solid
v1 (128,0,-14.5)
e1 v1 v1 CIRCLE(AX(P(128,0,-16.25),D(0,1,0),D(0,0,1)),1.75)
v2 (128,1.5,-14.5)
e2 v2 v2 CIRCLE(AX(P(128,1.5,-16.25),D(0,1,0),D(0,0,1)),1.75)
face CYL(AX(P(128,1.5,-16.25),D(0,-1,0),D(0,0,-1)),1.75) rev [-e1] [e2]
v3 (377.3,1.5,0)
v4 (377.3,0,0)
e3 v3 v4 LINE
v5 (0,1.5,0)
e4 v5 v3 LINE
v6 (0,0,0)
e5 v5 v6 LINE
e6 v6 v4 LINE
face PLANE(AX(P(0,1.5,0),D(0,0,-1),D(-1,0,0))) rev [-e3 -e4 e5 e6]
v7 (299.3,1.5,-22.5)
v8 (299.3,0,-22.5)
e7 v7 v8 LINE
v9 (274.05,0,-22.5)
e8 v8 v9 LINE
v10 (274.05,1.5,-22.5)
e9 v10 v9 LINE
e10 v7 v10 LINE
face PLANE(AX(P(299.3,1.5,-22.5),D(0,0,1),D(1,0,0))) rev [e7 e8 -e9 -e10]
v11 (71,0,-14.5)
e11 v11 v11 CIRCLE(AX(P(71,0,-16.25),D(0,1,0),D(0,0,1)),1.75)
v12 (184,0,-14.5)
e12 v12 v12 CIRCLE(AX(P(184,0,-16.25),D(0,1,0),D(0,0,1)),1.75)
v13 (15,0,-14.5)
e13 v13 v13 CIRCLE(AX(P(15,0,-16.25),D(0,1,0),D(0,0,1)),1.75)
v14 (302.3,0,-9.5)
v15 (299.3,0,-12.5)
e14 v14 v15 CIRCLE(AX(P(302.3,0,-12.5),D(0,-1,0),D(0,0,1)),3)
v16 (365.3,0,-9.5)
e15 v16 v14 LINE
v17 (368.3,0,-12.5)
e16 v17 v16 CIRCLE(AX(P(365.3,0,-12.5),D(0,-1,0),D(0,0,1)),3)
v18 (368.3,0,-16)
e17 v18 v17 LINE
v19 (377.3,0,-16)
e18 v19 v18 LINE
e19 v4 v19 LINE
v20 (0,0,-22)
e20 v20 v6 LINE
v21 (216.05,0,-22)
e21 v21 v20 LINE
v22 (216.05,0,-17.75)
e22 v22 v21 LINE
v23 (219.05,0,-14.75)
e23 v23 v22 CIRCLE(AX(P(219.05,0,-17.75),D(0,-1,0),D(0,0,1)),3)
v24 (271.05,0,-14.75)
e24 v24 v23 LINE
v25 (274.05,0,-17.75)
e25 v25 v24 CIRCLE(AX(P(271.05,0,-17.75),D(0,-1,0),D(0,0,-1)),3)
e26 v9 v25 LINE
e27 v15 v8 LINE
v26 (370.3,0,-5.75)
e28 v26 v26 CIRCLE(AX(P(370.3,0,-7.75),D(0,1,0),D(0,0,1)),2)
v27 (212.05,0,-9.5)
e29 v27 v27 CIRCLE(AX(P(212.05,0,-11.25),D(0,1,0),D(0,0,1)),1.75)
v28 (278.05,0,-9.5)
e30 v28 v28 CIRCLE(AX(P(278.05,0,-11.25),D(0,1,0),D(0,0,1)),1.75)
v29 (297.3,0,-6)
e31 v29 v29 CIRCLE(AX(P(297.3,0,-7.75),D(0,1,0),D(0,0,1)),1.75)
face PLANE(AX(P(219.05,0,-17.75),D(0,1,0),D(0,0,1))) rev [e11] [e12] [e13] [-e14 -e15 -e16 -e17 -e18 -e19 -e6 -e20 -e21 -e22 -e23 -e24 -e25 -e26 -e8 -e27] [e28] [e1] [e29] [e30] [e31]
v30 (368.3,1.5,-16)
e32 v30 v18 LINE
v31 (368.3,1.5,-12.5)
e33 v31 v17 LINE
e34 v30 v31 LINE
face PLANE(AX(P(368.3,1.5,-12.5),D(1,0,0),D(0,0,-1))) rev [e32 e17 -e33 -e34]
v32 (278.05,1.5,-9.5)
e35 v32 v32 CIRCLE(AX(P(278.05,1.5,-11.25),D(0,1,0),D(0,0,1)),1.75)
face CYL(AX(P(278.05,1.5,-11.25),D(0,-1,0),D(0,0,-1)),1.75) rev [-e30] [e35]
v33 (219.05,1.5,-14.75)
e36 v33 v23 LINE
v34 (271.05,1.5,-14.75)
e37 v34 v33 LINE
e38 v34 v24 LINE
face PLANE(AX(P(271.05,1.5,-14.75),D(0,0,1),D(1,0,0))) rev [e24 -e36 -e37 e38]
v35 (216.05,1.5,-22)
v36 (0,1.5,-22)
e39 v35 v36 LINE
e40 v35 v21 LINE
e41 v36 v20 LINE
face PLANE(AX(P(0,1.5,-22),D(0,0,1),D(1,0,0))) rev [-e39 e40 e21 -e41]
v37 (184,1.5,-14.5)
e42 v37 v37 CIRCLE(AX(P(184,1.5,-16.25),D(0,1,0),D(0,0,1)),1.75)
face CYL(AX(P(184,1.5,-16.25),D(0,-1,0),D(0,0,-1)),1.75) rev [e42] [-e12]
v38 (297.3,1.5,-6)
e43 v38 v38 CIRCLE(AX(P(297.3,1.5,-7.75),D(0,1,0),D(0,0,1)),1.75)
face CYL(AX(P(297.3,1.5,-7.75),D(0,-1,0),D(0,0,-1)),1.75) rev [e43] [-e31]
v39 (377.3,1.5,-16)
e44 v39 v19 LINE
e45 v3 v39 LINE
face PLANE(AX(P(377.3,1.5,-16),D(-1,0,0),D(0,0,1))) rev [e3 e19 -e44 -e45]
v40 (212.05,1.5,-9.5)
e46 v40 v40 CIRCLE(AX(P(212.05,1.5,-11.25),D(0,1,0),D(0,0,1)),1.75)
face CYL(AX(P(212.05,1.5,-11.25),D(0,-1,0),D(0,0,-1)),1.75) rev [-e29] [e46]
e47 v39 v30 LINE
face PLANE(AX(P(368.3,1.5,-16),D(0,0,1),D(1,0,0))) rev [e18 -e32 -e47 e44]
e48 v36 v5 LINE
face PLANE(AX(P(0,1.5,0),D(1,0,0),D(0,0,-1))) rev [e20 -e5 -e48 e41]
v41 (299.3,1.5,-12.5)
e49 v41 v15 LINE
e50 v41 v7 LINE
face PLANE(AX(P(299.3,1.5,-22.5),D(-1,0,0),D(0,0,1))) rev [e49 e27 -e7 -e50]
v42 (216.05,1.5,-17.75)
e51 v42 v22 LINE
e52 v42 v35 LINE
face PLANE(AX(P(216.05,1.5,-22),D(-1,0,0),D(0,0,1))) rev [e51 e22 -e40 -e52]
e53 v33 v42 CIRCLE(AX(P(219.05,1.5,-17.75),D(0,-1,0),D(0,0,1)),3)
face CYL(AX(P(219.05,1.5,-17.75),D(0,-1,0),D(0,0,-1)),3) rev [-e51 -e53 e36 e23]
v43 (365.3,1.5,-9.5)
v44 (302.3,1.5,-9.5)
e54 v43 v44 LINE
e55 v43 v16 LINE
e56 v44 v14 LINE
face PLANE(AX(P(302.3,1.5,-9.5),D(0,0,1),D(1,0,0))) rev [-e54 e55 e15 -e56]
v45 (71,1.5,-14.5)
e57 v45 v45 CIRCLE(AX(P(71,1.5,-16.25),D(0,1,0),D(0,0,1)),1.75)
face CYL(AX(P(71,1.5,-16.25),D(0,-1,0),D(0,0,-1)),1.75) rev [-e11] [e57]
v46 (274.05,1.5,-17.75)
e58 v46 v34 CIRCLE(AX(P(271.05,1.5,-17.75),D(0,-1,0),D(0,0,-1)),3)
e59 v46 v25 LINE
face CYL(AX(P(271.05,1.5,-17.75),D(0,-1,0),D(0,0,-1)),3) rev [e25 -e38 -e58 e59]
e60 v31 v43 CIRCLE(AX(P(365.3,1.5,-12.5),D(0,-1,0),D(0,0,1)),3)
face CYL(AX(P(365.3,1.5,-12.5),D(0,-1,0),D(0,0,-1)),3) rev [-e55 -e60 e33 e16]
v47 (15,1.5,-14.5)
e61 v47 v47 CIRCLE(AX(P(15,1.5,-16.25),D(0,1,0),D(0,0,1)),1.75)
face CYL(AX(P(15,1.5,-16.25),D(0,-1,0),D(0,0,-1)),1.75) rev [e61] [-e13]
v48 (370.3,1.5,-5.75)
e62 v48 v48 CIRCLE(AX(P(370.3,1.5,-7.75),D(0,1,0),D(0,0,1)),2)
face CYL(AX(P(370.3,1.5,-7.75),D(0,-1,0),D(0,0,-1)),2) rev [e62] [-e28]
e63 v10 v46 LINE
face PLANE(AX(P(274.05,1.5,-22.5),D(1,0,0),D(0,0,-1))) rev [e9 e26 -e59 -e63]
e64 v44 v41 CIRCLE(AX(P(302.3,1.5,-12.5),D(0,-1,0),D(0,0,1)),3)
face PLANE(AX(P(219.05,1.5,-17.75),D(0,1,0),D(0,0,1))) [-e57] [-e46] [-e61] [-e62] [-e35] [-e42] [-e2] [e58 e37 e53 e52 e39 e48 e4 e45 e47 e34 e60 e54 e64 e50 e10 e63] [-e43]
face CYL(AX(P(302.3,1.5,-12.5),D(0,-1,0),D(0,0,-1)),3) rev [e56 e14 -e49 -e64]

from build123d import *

# Parameters (mm, degrees)
SKETCH_1_R      = 1.75
SKETCH_1_R_2    = 2
EXTRUDE_1_DEPTH = 1.5


with BuildPart() as part:
    # Эскиз1 → Бобышка-Вытянуть1 (new body)
    with BuildSketch(Plane(origin=(0, 0, 0), x_dir=(1, 0, 0), z_dir=(0, 1, 0))):
        with BuildLine():
            Line((299.3, 12.5), (299.3, 22.5))
            Line((299.3, 22.5), (274.05, 22.5))
            Line((274.05, 22.5), (274.05, 17.75))
            ThreePointArc((274.05, 17.75), (273.171320344, 15.628679656), (271.05, 14.75))
            Line((271.05, 14.75), (219.05, 14.75))
            ThreePointArc((219.05, 14.75), (216.928679656, 15.628679656), (216.05, 17.75))
            Line((216.05, 17.75), (216.05, 22))
            Line((216.05, 22), (0, 22))
            Line((0, 22), (0, 0))
            Line((0, 0), (377.3, 0))
            Line((377.3, 0), (377.3, 16))
            Line((377.3, 16), (368.3, 16))
            Line((368.3, 16), (368.3, 12.5))
            ThreePointArc((368.3, 12.5), (367.421320344, 10.378679656), (365.3, 9.5))
            Line((365.3, 9.5), (302.3, 9.5))
            ThreePointArc((302.3, 9.5), (300.178679656, 10.378679656), (299.3, 12.5))
        make_face()
        with Locations((212.05, 11.25)):
            Circle(SKETCH_1_R, mode=Mode.SUBTRACT)
        with Locations((278.05, 11.25)):
            Circle(SKETCH_1_R, mode=Mode.SUBTRACT)
        with Locations((297.3, 7.75)):
            Circle(SKETCH_1_R, mode=Mode.SUBTRACT)
        with Locations((370.3, 7.75)):
            Circle(SKETCH_1_R_2, mode=Mode.SUBTRACT)
        with Locations((15, 16.25)):
            Circle(SKETCH_1_R, mode=Mode.SUBTRACT)
        with Locations((71, 16.25)):
            Circle(SKETCH_1_R, mode=Mode.SUBTRACT)
        with Locations((128, 16.25)):
            Circle(SKETCH_1_R, mode=Mode.SUBTRACT)
        with Locations((184, 16.25)):
            Circle(SKETCH_1_R, mode=Mode.SUBTRACT)
    extrude(amount=EXTRUDE_1_DEPTH)


solid = part.part
